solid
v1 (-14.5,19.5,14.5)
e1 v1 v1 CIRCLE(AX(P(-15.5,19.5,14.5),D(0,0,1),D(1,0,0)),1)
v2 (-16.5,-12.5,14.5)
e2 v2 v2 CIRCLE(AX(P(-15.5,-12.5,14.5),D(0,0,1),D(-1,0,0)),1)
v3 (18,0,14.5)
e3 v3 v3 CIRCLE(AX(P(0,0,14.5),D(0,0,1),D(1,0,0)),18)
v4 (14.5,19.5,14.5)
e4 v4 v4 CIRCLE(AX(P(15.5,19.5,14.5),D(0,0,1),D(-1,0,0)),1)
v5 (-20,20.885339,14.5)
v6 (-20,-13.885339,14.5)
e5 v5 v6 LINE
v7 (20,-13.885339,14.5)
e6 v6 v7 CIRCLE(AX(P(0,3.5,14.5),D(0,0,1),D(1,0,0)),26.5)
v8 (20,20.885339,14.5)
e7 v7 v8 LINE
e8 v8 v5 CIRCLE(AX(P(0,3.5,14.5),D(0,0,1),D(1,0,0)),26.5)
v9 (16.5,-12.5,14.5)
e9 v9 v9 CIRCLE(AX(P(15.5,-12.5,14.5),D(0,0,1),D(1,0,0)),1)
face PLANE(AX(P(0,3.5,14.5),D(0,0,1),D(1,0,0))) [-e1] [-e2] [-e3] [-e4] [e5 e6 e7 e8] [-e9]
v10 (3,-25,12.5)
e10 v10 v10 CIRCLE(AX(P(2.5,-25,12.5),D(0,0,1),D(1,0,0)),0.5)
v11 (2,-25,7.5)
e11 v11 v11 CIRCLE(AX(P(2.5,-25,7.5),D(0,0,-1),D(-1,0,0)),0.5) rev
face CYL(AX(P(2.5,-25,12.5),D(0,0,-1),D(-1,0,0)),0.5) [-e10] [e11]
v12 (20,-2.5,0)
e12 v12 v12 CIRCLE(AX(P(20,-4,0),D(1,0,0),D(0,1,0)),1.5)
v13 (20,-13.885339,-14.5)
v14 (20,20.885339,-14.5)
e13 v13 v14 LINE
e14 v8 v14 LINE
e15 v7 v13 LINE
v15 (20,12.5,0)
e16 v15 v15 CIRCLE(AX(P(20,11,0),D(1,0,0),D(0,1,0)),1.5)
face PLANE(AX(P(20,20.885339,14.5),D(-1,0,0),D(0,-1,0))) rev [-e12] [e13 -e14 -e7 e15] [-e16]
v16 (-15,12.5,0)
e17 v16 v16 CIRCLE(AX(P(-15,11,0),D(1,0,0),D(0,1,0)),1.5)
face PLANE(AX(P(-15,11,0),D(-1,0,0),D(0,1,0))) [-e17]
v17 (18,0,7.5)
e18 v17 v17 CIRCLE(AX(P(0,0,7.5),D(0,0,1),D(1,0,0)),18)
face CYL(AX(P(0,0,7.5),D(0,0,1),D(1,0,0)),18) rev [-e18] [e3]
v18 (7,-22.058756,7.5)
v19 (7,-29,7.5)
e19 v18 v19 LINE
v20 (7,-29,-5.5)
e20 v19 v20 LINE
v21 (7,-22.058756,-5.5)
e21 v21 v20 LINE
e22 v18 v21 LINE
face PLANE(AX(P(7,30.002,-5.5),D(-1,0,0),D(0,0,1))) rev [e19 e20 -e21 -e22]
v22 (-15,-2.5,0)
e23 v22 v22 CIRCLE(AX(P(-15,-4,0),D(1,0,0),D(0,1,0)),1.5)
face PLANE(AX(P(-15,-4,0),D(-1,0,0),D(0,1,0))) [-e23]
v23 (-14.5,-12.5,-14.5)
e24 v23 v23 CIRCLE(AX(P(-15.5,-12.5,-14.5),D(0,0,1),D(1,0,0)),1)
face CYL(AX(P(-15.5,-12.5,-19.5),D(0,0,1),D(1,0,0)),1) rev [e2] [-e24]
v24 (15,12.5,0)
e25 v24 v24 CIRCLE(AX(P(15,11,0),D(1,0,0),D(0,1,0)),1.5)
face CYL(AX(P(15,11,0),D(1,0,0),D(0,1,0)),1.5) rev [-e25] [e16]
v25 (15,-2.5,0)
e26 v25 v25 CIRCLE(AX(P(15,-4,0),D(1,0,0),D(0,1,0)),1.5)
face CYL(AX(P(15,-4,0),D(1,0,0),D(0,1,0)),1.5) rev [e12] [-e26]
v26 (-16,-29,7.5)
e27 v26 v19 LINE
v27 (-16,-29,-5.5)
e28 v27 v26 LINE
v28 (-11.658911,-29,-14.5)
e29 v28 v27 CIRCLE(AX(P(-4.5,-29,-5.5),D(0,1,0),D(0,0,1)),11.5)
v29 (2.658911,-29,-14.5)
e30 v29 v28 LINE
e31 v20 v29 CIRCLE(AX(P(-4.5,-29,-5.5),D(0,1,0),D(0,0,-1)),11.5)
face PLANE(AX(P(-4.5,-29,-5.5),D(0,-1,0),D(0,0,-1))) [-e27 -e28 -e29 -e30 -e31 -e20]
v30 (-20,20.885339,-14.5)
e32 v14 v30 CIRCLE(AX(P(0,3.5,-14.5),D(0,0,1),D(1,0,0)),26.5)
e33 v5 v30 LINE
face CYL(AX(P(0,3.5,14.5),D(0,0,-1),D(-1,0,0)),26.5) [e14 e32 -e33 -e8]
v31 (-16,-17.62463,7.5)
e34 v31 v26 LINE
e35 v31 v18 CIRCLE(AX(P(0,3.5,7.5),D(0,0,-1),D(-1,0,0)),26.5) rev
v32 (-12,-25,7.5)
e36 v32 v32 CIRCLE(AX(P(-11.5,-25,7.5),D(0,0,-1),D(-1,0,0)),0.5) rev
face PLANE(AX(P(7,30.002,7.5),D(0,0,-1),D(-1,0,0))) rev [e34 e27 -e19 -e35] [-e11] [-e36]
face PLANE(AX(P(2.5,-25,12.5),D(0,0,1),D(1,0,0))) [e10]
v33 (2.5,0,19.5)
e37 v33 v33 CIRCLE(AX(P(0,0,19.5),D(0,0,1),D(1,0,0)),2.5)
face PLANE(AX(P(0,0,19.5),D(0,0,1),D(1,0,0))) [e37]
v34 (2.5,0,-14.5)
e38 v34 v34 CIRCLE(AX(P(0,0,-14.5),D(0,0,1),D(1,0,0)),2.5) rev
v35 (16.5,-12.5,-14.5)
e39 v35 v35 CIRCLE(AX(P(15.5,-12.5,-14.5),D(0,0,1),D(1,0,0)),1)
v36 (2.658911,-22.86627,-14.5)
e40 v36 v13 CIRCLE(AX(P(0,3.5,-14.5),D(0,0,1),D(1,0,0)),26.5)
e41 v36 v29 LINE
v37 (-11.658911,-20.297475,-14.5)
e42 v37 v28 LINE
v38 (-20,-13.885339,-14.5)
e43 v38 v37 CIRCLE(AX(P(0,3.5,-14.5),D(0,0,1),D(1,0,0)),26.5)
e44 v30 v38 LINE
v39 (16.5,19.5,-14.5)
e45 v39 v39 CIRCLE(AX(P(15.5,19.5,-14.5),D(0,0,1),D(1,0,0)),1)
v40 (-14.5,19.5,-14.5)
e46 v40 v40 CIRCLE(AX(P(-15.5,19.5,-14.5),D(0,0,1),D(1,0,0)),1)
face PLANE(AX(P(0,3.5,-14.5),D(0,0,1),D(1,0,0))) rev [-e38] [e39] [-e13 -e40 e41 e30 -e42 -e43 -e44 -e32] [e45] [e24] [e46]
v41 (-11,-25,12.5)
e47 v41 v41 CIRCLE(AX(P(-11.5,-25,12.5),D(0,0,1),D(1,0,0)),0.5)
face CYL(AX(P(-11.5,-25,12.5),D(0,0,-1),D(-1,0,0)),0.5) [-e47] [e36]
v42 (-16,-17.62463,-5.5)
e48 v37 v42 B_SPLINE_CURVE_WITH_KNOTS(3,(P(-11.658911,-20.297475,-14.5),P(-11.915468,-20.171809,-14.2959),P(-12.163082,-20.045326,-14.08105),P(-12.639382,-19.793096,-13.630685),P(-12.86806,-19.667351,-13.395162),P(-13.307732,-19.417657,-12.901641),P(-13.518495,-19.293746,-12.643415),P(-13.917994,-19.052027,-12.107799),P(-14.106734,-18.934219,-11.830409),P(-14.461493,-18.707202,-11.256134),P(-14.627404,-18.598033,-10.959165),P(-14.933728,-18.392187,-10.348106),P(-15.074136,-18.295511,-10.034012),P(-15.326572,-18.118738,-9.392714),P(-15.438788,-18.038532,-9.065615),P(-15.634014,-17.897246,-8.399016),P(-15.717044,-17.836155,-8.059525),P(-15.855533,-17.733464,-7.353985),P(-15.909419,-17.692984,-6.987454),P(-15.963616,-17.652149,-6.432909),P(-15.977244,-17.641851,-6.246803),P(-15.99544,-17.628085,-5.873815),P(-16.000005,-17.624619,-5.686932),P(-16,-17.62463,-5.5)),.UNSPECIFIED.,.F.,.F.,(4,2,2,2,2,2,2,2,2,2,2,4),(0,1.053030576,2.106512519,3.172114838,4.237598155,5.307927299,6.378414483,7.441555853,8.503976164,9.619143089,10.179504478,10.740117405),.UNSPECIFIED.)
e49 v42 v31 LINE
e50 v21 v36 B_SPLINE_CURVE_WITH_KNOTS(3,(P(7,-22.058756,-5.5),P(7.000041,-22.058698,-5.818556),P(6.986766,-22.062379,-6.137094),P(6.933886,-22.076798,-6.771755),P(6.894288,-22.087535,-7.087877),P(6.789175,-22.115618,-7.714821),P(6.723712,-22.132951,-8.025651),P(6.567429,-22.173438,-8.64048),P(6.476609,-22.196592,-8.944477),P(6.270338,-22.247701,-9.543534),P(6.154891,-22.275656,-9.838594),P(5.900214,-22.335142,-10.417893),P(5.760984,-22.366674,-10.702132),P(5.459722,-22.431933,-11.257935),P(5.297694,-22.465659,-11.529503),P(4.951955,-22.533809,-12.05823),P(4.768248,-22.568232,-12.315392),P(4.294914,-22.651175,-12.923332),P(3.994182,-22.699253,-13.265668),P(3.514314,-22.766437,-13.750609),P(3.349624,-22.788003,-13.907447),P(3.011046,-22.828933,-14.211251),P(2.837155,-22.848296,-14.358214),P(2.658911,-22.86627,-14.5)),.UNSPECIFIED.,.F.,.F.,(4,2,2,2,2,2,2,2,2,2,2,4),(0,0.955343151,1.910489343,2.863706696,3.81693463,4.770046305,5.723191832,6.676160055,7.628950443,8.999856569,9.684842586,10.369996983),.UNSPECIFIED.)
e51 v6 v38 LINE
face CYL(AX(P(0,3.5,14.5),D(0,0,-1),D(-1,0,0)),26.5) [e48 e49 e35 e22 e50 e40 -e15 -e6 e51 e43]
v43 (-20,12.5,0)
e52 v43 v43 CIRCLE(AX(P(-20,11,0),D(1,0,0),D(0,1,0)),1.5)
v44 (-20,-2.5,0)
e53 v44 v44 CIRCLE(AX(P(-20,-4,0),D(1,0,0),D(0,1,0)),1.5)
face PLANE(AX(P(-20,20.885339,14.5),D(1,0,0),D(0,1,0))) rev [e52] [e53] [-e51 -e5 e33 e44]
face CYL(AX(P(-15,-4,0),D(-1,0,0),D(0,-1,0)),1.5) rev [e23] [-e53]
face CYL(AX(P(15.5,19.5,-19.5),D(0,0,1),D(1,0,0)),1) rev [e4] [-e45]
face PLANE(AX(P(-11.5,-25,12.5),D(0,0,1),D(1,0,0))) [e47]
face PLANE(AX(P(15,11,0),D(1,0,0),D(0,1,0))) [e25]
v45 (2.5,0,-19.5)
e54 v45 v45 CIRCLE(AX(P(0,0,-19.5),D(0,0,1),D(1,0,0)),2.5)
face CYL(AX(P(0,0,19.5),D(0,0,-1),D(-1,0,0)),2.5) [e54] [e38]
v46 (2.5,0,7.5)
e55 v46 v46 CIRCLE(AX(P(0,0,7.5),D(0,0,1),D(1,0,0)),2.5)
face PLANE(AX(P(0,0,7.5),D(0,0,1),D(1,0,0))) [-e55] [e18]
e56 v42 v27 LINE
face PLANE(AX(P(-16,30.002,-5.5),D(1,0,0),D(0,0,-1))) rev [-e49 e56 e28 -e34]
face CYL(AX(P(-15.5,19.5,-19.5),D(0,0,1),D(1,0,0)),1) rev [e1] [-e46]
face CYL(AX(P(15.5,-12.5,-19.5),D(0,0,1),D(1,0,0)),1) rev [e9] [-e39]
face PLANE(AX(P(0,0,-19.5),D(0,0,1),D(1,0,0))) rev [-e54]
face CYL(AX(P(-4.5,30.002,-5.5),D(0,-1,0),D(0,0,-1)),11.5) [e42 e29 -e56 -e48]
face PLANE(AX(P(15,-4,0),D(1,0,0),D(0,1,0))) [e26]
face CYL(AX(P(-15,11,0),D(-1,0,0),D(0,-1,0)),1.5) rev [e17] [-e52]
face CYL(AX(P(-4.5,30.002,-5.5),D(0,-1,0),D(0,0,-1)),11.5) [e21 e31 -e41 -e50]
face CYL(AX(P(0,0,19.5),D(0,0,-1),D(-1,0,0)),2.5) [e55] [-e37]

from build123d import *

# Parameters (mm, degrees)
BOSS_EXTRUDE1_DEPTH      = 14.5
BOSS_EXTRUDE2_REACH      = 65.963
BOSS_EXTRUDE2_END_RADIUS = 26.5
SKETCH4_R                = 0.5
BOSS_EXTRUDE3_DEPTH      = 5
SKETCH6_R                = 2.5
BOSS_EXTRUDE4_DEPTH      = 19.5
SKETCH7_R                = 18
SKETCH7_R_2              = 2.5
CUT_EXTRUDE1_DEPTH       = 7
SKETCH8_R                = 1
CUT_EXTRUDE2_DEPTH       = 50.558046814
SKETCH9_R                = 1.5
CUT_EXTRUDE3_DEPTH       = 5


with BuildPart() as part:
    # Sketch1 → Boss-Extrude1 (new, symmetric)
    with BuildSketch(Plane.XY):
        with BuildLine():
            Line((-20, 20.885338651), (-20, -13.885338651))
            ThreePointArc((-20, -13.885338651), (0, -23), (20, -13.885338651))
            Line((20, -13.885338651), (20, 20.885338651))
            ThreePointArc((20, 20.885338651), (0, 30), (-20, 20.885338651))
        make_face()
    extrude(amount=BOSS_EXTRUDE1_DEPTH, both=True)

    # Boss-Extrude2: up to this cylinder (the profile starts outside it)
    boss_extrude2_end = Plane(origin=(0, 3.5, -3.065471), z_dir=(0, 0, -1)) * Cylinder(BOSS_EXTRUDE2_END_RADIUS, 185.926, mode=Mode.PRIVATE)
    # Sketch3 → Boss-Extrude2 (add, up to the surface)
    with BuildSketch(Plane(origin=(0, -29, 0), x_dir=(1, 0, 0), z_dir=(0, 1, 0)), mode=Mode.PRIVATE) as boss_extrude2_sk1:
        with BuildLine():
            Line((-11.658910532, 14.5), (2.658910532, 14.5))
            ThreePointArc((2.658910532, 14.5), (5.85802759, 10.496124943), (7, 5.5))
            Line((7, 5.5), (7, -7.5))
            Line((7, -7.5), (-16, -7.5))
            Line((-16, -7.5), (-16, 5.5))
            ThreePointArc((-16, 5.5), (-14.85802759, 10.496124943), (-11.658910532, 14.5))
        make_face()
    boss_extrude2_tool1 = extrude(boss_extrude2_sk1.sketch, amount=BOSS_EXTRUDE2_REACH, mode=Mode.PRIVATE) - boss_extrude2_end
    add(boss_extrude2_tool1.solids().sort_by_distance((-4.5, -29, -3.065471))[0])

    # Sketch4 → Boss-Extrude3 (add)
    with BuildSketch(Plane.XY.offset(7.5)):
        with Locations(Location((-11.5, -25, 0), (0, 0, 180))):
            Circle(SKETCH4_R)
        with Locations(Location((2.5, -25, 0), (0, 0, 180))):
            Circle(SKETCH4_R)
    extrude(amount=BOSS_EXTRUDE3_DEPTH)

    # Sketch6 → Boss-Extrude4 (add, symmetric)
    with BuildSketch(Plane.XY):
        Circle(SKETCH6_R)
    extrude(amount=BOSS_EXTRUDE4_DEPTH, both=True)

    # Sketch7 → Cut-Extrude1 (cut)
    with BuildSketch(Plane.XY.offset(14.5)):
        Circle(SKETCH7_R)
        Circle(SKETCH7_R_2, mode=Mode.SUBTRACT)
    extrude(amount=-CUT_EXTRUDE1_DEPTH, mode=Mode.SUBTRACT)

    # Sketch8 → Cut-Extrude2 (cut, through all)
    with BuildSketch(Plane.XY.offset(14.5)):
        with Locations((-15.5, 19.5)):
            Circle(SKETCH8_R)
        with Locations((15.5, 19.5)):
            Circle(SKETCH8_R)
        with Locations((15.5, -12.5)):
            Circle(SKETCH8_R)
        with Locations((-15.5, -12.5)):
            Circle(SKETCH8_R)
    extrude(amount=-CUT_EXTRUDE2_DEPTH, mode=Mode.SUBTRACT)

    # Sketch9 → Cut-Extrude3 (cut)
    with BuildSketch(Plane(origin=(20, 0, 0), x_dir=(0, 0, -1), z_dir=(1, 0, 0))):
        with Locations(Location((0, 11, 0), (0, 0, 90))):
            Circle(SKETCH9_R)
        with Locations(Location((0, -4, 0), (0, 0, 90))):
            Circle(SKETCH9_R)
    cut_extrude3 = extrude(amount=-CUT_EXTRUDE3_DEPTH, mode=Mode.SUBTRACT)

    # Mirror1: Cut-Extrude3 across plane
    add(cut_extrude3.mirror(Plane(origin=(0, 0, 0), x_dir=(0, 0, 1), z_dir=(1, 0, 0))), mode=Mode.SUBTRACT)


solid = part.part
